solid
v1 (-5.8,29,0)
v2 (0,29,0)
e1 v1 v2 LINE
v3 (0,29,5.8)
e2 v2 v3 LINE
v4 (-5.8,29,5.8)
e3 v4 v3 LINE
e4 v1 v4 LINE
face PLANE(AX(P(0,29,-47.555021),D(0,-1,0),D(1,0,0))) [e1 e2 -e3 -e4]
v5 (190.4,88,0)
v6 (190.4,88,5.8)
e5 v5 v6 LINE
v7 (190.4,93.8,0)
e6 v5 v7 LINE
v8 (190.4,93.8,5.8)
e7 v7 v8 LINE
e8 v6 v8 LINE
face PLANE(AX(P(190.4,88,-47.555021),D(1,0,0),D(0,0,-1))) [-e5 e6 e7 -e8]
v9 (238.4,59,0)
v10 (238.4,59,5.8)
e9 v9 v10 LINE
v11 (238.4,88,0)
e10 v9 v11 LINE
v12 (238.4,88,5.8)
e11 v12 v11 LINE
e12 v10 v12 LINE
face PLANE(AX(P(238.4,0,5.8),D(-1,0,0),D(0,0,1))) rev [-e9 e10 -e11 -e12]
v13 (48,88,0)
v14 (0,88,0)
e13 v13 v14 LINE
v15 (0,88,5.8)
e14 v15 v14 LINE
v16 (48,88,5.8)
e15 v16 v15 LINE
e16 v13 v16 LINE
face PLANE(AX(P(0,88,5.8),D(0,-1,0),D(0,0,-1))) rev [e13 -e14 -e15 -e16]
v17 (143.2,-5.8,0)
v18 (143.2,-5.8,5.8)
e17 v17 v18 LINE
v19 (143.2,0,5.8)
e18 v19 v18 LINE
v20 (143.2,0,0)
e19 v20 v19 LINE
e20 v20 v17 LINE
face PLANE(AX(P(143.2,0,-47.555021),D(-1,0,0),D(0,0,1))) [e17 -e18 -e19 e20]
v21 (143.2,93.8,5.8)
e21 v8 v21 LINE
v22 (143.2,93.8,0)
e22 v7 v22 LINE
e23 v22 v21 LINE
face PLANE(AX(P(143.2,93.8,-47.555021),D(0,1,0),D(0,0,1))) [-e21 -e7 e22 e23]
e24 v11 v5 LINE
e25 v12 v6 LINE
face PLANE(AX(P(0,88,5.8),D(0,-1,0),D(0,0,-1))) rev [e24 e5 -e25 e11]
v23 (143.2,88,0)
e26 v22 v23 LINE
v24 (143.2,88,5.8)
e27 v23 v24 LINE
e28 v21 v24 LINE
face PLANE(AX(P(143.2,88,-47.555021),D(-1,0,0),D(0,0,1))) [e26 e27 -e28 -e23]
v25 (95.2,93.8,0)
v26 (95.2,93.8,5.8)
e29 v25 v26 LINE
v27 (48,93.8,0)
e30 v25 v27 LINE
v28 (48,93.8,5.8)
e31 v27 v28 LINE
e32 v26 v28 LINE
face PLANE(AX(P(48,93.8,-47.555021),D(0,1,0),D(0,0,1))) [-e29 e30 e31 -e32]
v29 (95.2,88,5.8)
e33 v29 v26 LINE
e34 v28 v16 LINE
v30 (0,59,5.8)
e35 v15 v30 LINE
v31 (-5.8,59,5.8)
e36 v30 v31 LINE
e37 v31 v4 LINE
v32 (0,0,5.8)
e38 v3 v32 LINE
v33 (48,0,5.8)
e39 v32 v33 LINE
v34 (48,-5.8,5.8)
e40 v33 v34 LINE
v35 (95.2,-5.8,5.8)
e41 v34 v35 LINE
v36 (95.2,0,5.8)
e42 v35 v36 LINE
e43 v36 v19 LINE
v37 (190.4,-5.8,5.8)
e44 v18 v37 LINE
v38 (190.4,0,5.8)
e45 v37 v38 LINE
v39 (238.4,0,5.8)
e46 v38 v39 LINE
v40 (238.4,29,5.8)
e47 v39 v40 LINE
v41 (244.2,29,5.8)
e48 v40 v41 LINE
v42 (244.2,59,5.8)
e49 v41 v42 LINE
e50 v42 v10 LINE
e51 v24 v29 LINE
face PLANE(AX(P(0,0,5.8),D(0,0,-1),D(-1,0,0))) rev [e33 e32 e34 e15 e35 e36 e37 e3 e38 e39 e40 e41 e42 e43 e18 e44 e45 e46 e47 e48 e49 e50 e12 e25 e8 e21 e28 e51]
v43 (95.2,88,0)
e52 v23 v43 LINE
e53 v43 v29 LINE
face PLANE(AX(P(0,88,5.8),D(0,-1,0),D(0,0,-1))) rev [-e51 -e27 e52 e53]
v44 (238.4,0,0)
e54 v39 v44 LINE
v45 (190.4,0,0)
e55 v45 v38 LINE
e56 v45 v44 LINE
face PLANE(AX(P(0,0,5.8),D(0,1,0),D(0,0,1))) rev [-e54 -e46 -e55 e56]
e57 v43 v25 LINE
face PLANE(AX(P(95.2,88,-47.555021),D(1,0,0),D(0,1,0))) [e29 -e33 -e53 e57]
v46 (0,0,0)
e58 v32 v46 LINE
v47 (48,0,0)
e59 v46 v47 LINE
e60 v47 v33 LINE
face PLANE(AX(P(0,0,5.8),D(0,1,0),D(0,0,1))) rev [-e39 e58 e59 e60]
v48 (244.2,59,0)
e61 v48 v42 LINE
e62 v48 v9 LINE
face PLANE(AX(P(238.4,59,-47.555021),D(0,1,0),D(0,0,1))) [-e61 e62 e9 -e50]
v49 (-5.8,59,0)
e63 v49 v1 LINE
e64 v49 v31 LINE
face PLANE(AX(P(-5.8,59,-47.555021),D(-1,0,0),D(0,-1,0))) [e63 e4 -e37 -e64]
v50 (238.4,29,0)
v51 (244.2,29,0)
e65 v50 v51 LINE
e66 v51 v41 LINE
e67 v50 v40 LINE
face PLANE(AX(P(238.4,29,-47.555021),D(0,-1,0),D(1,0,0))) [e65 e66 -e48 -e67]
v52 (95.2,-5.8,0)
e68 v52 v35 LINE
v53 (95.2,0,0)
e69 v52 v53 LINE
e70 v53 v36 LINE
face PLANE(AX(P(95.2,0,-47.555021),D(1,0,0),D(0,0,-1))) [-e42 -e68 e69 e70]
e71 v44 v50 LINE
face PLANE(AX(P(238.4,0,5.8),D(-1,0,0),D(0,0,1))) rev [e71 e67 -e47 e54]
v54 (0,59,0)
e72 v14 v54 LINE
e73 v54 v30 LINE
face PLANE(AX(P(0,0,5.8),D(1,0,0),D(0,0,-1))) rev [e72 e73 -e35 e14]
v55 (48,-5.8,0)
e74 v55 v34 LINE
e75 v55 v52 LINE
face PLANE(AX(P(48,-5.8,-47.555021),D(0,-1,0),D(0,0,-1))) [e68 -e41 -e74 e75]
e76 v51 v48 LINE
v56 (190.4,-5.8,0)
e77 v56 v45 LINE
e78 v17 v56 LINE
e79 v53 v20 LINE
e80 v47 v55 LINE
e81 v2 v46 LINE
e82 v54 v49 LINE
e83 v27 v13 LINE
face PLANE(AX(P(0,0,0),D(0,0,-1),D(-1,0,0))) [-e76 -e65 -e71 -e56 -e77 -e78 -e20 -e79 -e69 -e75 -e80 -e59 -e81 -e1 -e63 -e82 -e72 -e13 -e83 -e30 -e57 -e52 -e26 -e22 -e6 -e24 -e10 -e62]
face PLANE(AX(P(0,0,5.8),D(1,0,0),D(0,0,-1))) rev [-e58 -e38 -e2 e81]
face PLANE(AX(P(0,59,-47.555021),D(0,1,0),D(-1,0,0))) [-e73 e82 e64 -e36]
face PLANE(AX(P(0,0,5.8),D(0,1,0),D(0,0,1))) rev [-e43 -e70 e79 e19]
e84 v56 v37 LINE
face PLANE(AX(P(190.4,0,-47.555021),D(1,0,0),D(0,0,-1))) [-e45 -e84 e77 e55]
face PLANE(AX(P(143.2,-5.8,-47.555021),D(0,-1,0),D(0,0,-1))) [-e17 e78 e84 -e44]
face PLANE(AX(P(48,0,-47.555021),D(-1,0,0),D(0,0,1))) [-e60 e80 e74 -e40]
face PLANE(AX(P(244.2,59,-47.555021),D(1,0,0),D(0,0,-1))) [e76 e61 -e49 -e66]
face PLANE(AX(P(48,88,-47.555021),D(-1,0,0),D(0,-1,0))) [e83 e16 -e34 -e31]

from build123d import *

# Parameters (mm, degrees)
SKETCH_1_W      = 238.4
SKETCH_1_H      = 88
EXTRUDE_1_DEPTH = 5.8
SKETCH_2_W      = 5.8
SKETCH_2_H      = 30
SKETCH_2_W_2    = 47.2
SKETCH_2_H_2    = 5.8
EXTRUDE_2_DEPTH = 5.8


with BuildPart() as part:
    # Эскиз1 → Бобышка-Вытянуть1 (new body)
    with BuildSketch(Plane.XY):
        with Locations((119.2, 44)):
            Rectangle(SKETCH_1_W, SKETCH_1_H)
    extrude(amount=EXTRUDE_1_DEPTH)

    # Эскиз2 → Бобышка-Вытянуть2 (add)
    with BuildSketch(Plane.XY.offset(5.8)):
        with Locations((-2.9, 44)):
            Rectangle(SKETCH_2_W, SKETCH_2_H)
        with Locations((241.3, 44)):
            Rectangle(SKETCH_2_W, SKETCH_2_H)
        with Locations((71.6, 90.9)):
            Rectangle(SKETCH_2_W_2, SKETCH_2_H_2)
        with Locations((166.8, 90.9)):
            Rectangle(SKETCH_2_W_2, SKETCH_2_H_2)
        with Locations((71.6, -2.9)):
            Rectangle(SKETCH_2_W_2, SKETCH_2_H_2)
        with Locations((166.8, -2.9)):
            Rectangle(SKETCH_2_W_2, SKETCH_2_H_2)
    extrude(amount=-EXTRUDE_2_DEPTH)


solid = part.part
